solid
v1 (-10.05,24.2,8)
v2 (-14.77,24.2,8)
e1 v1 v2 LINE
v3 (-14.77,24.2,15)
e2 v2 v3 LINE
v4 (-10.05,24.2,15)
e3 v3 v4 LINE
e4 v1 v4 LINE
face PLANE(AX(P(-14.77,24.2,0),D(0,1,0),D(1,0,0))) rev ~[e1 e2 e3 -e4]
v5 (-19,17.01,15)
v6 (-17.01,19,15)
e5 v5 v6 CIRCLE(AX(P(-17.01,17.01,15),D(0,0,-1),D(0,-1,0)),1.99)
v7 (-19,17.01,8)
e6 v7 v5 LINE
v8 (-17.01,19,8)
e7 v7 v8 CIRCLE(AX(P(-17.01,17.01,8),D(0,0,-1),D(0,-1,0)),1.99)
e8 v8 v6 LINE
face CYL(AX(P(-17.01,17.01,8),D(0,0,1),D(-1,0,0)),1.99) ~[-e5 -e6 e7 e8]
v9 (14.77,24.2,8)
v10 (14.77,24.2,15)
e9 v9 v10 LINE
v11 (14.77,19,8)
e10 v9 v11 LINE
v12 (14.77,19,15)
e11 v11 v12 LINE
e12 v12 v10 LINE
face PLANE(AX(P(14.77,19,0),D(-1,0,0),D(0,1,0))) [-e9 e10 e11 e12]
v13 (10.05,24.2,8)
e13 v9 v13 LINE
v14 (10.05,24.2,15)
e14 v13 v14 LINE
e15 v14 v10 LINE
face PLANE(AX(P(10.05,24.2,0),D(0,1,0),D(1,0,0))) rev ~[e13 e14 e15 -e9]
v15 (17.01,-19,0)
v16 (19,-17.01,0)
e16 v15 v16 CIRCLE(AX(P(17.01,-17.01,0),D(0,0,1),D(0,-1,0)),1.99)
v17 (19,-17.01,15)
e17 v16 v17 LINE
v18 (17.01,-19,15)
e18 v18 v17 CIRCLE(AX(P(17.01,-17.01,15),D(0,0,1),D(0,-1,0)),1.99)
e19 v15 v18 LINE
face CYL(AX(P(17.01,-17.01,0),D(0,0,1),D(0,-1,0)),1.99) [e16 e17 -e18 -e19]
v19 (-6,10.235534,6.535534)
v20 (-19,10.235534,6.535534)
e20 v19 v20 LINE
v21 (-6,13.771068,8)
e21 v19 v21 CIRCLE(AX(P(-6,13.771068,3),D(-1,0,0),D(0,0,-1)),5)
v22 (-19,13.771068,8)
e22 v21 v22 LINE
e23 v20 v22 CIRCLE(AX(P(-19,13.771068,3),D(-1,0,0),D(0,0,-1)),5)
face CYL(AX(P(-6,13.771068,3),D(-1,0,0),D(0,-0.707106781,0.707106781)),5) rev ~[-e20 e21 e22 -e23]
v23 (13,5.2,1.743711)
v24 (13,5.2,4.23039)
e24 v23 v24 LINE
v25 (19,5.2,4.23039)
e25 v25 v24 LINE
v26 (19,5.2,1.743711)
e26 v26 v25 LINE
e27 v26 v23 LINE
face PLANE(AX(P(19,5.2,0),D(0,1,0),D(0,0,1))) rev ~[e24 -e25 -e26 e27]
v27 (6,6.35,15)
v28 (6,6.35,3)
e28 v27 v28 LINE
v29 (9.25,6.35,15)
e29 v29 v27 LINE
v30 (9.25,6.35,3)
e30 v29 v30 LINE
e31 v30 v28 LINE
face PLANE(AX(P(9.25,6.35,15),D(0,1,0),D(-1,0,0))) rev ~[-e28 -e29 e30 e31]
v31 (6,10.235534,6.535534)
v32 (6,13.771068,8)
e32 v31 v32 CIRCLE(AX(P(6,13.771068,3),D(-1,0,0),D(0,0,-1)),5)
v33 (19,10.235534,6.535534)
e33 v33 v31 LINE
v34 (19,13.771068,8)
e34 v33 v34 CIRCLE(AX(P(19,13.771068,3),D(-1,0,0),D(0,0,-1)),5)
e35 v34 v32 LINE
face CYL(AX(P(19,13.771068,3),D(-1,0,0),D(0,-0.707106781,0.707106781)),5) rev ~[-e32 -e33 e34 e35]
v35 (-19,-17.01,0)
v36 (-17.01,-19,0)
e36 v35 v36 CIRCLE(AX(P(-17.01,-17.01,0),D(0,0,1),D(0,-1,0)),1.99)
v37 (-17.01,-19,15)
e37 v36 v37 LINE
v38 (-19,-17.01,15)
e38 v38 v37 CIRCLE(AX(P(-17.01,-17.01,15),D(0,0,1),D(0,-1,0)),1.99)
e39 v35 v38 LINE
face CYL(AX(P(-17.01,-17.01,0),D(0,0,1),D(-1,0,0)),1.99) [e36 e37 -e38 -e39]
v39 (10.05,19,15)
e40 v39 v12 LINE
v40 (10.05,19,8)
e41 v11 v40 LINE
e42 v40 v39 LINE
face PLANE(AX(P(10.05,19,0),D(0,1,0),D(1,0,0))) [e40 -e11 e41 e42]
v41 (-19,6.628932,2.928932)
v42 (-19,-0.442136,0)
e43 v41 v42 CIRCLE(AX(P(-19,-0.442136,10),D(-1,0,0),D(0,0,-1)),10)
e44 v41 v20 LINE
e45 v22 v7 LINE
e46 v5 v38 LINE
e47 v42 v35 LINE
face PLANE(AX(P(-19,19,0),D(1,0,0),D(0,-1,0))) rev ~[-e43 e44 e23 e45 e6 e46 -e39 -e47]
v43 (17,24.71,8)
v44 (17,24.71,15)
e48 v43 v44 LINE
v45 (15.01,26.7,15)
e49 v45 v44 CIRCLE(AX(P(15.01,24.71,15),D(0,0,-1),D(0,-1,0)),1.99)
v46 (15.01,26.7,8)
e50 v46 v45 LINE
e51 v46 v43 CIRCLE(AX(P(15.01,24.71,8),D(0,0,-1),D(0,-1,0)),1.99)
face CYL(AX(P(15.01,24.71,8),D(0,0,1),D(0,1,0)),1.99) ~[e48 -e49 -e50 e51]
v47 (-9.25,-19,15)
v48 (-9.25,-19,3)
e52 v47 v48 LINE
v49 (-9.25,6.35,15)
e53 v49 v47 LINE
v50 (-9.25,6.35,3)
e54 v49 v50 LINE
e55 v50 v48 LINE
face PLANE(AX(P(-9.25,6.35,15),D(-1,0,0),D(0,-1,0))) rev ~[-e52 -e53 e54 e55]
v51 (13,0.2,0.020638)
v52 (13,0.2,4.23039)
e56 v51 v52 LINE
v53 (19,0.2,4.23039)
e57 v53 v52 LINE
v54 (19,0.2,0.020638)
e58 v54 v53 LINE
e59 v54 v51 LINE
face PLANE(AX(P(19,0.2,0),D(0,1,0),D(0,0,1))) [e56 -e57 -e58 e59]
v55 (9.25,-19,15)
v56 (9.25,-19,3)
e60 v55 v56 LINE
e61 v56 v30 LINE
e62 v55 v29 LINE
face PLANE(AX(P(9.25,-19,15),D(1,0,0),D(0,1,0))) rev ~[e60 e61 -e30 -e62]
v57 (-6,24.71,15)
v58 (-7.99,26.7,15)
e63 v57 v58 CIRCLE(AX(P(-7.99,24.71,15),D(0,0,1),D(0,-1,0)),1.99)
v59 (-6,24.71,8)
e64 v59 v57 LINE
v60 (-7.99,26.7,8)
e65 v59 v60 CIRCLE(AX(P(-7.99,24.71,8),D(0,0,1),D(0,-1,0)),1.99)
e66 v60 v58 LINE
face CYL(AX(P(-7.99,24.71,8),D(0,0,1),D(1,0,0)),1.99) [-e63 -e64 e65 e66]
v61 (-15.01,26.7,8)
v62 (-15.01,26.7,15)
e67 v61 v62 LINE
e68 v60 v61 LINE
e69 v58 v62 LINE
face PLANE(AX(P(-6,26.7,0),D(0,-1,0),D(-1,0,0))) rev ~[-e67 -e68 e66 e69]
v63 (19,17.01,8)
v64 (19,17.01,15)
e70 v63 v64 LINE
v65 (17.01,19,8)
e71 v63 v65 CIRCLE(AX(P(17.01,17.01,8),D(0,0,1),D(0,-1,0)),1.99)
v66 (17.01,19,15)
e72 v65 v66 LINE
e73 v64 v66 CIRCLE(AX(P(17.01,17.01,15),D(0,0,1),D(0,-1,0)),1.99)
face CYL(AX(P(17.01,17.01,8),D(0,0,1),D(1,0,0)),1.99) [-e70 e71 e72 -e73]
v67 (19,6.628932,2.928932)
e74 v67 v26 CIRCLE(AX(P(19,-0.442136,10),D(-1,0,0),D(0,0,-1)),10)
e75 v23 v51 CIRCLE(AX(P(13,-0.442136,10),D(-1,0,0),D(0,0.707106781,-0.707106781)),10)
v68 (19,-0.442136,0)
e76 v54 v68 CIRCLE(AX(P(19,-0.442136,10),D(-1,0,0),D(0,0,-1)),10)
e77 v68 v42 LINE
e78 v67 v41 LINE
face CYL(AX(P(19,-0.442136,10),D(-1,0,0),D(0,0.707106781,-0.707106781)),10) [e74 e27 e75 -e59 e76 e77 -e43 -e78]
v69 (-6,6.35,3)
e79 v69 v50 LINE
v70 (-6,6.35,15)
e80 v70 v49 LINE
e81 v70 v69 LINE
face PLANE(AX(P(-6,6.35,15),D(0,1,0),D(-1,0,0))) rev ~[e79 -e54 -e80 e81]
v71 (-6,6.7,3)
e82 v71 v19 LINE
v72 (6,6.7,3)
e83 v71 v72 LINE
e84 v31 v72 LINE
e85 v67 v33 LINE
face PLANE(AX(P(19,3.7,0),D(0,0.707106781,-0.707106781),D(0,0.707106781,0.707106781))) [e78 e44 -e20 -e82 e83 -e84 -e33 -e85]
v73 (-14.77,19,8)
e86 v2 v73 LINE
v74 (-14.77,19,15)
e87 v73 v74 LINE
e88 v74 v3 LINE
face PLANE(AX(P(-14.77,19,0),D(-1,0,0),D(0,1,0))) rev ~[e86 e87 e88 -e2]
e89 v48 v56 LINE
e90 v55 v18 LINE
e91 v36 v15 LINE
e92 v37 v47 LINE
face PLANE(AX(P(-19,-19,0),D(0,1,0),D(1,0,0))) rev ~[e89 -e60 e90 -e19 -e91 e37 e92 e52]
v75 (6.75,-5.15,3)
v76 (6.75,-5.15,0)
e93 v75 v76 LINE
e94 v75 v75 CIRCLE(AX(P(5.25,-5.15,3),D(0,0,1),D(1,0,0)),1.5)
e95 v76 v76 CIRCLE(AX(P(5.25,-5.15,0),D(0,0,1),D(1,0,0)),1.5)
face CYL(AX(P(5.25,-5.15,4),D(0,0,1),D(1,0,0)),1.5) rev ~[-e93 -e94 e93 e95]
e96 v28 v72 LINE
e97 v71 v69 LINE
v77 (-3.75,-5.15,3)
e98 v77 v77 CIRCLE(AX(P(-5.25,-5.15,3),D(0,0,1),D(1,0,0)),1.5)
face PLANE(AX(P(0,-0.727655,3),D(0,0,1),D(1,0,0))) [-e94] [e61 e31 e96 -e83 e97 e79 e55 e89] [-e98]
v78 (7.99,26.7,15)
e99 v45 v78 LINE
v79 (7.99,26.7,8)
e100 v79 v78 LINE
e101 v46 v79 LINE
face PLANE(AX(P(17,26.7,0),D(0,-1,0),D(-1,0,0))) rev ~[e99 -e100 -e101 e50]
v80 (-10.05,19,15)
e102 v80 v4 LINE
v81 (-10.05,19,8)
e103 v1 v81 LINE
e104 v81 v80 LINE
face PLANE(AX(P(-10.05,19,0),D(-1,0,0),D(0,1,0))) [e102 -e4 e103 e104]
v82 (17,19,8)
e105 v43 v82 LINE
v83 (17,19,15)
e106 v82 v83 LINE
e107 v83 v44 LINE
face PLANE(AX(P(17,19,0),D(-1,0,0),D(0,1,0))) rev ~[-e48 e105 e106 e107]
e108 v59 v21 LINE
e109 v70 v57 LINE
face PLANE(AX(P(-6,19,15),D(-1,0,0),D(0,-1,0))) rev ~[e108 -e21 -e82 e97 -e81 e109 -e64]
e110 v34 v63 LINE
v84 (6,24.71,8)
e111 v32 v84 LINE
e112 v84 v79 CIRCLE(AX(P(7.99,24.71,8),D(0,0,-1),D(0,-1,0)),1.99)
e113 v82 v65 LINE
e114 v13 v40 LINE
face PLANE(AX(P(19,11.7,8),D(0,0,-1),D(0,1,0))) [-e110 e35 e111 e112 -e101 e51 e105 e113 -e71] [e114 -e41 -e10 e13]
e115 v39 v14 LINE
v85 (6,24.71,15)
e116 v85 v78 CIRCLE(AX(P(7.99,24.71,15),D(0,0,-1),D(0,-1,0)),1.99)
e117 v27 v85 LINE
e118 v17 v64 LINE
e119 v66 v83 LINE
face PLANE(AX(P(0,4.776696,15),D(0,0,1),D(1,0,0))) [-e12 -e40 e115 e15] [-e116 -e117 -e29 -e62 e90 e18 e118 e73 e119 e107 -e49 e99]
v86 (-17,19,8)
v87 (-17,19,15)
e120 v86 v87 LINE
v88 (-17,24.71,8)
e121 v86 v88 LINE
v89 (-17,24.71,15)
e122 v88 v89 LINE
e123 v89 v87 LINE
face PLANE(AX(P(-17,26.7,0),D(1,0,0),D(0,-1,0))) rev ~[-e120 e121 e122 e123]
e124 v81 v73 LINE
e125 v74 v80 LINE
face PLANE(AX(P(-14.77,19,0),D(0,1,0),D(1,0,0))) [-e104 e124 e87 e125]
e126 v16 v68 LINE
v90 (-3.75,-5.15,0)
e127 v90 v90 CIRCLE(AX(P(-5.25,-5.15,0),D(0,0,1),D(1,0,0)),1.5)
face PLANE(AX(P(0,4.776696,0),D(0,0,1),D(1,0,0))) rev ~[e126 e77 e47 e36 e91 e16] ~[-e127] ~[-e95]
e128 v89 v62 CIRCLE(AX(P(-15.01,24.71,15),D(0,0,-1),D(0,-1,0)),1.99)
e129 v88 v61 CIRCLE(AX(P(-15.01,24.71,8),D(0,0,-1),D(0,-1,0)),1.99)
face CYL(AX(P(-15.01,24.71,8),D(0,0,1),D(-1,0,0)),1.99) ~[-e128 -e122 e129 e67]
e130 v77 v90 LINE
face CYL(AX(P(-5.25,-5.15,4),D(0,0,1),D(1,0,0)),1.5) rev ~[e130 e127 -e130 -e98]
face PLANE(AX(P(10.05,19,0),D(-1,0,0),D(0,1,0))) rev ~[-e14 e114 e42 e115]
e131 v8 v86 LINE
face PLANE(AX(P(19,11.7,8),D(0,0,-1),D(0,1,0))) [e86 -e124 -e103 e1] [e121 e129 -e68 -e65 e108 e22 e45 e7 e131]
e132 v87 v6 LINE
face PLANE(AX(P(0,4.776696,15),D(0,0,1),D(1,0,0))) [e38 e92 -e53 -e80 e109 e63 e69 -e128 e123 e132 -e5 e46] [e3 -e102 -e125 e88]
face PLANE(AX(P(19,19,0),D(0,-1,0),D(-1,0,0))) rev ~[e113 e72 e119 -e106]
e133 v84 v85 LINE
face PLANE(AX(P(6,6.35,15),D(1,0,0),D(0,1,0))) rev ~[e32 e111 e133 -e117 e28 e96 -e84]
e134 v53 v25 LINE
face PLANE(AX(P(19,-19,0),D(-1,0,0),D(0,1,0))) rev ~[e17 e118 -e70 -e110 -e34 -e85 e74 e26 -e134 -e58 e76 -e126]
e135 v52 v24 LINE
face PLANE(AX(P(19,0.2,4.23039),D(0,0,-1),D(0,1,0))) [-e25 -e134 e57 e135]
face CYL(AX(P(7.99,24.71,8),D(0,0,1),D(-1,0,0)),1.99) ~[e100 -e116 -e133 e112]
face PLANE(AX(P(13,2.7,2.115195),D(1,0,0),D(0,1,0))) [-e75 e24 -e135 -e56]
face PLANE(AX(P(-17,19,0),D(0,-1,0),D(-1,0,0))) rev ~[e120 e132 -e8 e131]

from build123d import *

# Parameters (mm, degrees)
SKETCH_W        = 4.72
SKETCH_H        = 5.2
PAD_DEPTH       = 15
POCKET_DEPTH    = 38.001
POCKET005_DEPTH = 12
SKETCH003_R     = 1.5
POCKET006_DEPTH = 5
FILLET_R        = 1.99
FILLET001_R     = 10
FILLET002_R     = 5
SKETCH004_W     = 5
SKETCH004_H     = 4.23039
POCKET007_DEPTH = 6


with BuildPart() as part:
    # Sketch → Pad (new body)
    with BuildSketch(Plane.XY):
        Polygon((-19, 19), (-19, -19), (19, -19), (19, 19), (17, 19), (17, 26.7), (6, 26.7), (6, 19), (-6, 19), (-6, 26.7), (-17, 26.7), (-17, 19), align=None)
        with Locations((-12.41, 21.6)):
            Rectangle(SKETCH_W, SKETCH_H, mode=Mode.SUBTRACT)
        with Locations((12.41, 21.6)):
            Rectangle(SKETCH_W, SKETCH_H, mode=Mode.SUBTRACT)
    extrude(amount=PAD_DEPTH)

    # Sketch001 (on Face3 of Pad) → Pocket (cut, through all)
    with BuildSketch(Plane.YZ.offset(19)):
        Polygon((26.7, 8), (26.7, 0), (3.7, 0), (11.7, 8), align=None)
    extrude(amount=-POCKET_DEPTH, mode=Mode.SUBTRACT)

    # Sketch002 (on Face6 of Pocket) → Pocket005 (cut)
    with BuildSketch(Plane.XY.offset(15)):
        Polygon((-9.25, -19), (9.25, -19), (9.25, 6.35), (6, 6.35), (6, 19), (-6, 19), (-6, 6.35), (-9.25, 6.35), align=None)
    extrude(amount=-POCKET005_DEPTH, mode=Mode.SUBTRACT)

    # Sketch003 → Pocket006 (cut)
    with BuildSketch(Plane.XY.offset(4)):
        with Locations((-5.25, -5.15)):
            Circle(SKETCH003_R)
        with Locations((5.25, -5.15)):
            Circle(SKETCH003_R)
    extrude(amount=-POCKET006_DEPTH, mode=Mode.SUBTRACT)

    # Fillet
    fillet_edges = [part.edges().sort_by_distance(p)[0] for p in [
        (17, 26.7, 11.5),
        (6, 26.7, 11.5),
        (-6, 26.7, 11.5),
        (-17, 26.7, 11.5),
        (-19, 19, 11.5),
        (19, 19, 11.5),
        (19, -19, 7.5),
        (-19, -19, 7.5),
    ]]
    fillet(fillet_edges, radius=FILLET_R)

    # Fillet001
    fillet001_edges = [part.edges().sort_by_distance(p)[0] for p in [
        (0, 3.7, 0),
    ]]
    fillet(fillet001_edges, radius=FILLET001_R)

    # Fillet002
    fillet002_edges = [part.edges().sort_by_distance(p)[0] for p in [
        (12.5, 11.7, 8),
        (-12.5, 11.7, 8),
    ]]
    fillet(fillet002_edges, radius=FILLET002_R)

    # Sketch004 (on Face10 of Fillet002) → Pocket007 (cut)
    with BuildSketch(Plane.YZ.offset(19)):
        with Locations((2.7, 2.115195)):
            Rectangle(SKETCH004_W, SKETCH004_H)
    extrude(amount=-POCKET007_DEPTH, mode=Mode.SUBTRACT)


solid = part.part
